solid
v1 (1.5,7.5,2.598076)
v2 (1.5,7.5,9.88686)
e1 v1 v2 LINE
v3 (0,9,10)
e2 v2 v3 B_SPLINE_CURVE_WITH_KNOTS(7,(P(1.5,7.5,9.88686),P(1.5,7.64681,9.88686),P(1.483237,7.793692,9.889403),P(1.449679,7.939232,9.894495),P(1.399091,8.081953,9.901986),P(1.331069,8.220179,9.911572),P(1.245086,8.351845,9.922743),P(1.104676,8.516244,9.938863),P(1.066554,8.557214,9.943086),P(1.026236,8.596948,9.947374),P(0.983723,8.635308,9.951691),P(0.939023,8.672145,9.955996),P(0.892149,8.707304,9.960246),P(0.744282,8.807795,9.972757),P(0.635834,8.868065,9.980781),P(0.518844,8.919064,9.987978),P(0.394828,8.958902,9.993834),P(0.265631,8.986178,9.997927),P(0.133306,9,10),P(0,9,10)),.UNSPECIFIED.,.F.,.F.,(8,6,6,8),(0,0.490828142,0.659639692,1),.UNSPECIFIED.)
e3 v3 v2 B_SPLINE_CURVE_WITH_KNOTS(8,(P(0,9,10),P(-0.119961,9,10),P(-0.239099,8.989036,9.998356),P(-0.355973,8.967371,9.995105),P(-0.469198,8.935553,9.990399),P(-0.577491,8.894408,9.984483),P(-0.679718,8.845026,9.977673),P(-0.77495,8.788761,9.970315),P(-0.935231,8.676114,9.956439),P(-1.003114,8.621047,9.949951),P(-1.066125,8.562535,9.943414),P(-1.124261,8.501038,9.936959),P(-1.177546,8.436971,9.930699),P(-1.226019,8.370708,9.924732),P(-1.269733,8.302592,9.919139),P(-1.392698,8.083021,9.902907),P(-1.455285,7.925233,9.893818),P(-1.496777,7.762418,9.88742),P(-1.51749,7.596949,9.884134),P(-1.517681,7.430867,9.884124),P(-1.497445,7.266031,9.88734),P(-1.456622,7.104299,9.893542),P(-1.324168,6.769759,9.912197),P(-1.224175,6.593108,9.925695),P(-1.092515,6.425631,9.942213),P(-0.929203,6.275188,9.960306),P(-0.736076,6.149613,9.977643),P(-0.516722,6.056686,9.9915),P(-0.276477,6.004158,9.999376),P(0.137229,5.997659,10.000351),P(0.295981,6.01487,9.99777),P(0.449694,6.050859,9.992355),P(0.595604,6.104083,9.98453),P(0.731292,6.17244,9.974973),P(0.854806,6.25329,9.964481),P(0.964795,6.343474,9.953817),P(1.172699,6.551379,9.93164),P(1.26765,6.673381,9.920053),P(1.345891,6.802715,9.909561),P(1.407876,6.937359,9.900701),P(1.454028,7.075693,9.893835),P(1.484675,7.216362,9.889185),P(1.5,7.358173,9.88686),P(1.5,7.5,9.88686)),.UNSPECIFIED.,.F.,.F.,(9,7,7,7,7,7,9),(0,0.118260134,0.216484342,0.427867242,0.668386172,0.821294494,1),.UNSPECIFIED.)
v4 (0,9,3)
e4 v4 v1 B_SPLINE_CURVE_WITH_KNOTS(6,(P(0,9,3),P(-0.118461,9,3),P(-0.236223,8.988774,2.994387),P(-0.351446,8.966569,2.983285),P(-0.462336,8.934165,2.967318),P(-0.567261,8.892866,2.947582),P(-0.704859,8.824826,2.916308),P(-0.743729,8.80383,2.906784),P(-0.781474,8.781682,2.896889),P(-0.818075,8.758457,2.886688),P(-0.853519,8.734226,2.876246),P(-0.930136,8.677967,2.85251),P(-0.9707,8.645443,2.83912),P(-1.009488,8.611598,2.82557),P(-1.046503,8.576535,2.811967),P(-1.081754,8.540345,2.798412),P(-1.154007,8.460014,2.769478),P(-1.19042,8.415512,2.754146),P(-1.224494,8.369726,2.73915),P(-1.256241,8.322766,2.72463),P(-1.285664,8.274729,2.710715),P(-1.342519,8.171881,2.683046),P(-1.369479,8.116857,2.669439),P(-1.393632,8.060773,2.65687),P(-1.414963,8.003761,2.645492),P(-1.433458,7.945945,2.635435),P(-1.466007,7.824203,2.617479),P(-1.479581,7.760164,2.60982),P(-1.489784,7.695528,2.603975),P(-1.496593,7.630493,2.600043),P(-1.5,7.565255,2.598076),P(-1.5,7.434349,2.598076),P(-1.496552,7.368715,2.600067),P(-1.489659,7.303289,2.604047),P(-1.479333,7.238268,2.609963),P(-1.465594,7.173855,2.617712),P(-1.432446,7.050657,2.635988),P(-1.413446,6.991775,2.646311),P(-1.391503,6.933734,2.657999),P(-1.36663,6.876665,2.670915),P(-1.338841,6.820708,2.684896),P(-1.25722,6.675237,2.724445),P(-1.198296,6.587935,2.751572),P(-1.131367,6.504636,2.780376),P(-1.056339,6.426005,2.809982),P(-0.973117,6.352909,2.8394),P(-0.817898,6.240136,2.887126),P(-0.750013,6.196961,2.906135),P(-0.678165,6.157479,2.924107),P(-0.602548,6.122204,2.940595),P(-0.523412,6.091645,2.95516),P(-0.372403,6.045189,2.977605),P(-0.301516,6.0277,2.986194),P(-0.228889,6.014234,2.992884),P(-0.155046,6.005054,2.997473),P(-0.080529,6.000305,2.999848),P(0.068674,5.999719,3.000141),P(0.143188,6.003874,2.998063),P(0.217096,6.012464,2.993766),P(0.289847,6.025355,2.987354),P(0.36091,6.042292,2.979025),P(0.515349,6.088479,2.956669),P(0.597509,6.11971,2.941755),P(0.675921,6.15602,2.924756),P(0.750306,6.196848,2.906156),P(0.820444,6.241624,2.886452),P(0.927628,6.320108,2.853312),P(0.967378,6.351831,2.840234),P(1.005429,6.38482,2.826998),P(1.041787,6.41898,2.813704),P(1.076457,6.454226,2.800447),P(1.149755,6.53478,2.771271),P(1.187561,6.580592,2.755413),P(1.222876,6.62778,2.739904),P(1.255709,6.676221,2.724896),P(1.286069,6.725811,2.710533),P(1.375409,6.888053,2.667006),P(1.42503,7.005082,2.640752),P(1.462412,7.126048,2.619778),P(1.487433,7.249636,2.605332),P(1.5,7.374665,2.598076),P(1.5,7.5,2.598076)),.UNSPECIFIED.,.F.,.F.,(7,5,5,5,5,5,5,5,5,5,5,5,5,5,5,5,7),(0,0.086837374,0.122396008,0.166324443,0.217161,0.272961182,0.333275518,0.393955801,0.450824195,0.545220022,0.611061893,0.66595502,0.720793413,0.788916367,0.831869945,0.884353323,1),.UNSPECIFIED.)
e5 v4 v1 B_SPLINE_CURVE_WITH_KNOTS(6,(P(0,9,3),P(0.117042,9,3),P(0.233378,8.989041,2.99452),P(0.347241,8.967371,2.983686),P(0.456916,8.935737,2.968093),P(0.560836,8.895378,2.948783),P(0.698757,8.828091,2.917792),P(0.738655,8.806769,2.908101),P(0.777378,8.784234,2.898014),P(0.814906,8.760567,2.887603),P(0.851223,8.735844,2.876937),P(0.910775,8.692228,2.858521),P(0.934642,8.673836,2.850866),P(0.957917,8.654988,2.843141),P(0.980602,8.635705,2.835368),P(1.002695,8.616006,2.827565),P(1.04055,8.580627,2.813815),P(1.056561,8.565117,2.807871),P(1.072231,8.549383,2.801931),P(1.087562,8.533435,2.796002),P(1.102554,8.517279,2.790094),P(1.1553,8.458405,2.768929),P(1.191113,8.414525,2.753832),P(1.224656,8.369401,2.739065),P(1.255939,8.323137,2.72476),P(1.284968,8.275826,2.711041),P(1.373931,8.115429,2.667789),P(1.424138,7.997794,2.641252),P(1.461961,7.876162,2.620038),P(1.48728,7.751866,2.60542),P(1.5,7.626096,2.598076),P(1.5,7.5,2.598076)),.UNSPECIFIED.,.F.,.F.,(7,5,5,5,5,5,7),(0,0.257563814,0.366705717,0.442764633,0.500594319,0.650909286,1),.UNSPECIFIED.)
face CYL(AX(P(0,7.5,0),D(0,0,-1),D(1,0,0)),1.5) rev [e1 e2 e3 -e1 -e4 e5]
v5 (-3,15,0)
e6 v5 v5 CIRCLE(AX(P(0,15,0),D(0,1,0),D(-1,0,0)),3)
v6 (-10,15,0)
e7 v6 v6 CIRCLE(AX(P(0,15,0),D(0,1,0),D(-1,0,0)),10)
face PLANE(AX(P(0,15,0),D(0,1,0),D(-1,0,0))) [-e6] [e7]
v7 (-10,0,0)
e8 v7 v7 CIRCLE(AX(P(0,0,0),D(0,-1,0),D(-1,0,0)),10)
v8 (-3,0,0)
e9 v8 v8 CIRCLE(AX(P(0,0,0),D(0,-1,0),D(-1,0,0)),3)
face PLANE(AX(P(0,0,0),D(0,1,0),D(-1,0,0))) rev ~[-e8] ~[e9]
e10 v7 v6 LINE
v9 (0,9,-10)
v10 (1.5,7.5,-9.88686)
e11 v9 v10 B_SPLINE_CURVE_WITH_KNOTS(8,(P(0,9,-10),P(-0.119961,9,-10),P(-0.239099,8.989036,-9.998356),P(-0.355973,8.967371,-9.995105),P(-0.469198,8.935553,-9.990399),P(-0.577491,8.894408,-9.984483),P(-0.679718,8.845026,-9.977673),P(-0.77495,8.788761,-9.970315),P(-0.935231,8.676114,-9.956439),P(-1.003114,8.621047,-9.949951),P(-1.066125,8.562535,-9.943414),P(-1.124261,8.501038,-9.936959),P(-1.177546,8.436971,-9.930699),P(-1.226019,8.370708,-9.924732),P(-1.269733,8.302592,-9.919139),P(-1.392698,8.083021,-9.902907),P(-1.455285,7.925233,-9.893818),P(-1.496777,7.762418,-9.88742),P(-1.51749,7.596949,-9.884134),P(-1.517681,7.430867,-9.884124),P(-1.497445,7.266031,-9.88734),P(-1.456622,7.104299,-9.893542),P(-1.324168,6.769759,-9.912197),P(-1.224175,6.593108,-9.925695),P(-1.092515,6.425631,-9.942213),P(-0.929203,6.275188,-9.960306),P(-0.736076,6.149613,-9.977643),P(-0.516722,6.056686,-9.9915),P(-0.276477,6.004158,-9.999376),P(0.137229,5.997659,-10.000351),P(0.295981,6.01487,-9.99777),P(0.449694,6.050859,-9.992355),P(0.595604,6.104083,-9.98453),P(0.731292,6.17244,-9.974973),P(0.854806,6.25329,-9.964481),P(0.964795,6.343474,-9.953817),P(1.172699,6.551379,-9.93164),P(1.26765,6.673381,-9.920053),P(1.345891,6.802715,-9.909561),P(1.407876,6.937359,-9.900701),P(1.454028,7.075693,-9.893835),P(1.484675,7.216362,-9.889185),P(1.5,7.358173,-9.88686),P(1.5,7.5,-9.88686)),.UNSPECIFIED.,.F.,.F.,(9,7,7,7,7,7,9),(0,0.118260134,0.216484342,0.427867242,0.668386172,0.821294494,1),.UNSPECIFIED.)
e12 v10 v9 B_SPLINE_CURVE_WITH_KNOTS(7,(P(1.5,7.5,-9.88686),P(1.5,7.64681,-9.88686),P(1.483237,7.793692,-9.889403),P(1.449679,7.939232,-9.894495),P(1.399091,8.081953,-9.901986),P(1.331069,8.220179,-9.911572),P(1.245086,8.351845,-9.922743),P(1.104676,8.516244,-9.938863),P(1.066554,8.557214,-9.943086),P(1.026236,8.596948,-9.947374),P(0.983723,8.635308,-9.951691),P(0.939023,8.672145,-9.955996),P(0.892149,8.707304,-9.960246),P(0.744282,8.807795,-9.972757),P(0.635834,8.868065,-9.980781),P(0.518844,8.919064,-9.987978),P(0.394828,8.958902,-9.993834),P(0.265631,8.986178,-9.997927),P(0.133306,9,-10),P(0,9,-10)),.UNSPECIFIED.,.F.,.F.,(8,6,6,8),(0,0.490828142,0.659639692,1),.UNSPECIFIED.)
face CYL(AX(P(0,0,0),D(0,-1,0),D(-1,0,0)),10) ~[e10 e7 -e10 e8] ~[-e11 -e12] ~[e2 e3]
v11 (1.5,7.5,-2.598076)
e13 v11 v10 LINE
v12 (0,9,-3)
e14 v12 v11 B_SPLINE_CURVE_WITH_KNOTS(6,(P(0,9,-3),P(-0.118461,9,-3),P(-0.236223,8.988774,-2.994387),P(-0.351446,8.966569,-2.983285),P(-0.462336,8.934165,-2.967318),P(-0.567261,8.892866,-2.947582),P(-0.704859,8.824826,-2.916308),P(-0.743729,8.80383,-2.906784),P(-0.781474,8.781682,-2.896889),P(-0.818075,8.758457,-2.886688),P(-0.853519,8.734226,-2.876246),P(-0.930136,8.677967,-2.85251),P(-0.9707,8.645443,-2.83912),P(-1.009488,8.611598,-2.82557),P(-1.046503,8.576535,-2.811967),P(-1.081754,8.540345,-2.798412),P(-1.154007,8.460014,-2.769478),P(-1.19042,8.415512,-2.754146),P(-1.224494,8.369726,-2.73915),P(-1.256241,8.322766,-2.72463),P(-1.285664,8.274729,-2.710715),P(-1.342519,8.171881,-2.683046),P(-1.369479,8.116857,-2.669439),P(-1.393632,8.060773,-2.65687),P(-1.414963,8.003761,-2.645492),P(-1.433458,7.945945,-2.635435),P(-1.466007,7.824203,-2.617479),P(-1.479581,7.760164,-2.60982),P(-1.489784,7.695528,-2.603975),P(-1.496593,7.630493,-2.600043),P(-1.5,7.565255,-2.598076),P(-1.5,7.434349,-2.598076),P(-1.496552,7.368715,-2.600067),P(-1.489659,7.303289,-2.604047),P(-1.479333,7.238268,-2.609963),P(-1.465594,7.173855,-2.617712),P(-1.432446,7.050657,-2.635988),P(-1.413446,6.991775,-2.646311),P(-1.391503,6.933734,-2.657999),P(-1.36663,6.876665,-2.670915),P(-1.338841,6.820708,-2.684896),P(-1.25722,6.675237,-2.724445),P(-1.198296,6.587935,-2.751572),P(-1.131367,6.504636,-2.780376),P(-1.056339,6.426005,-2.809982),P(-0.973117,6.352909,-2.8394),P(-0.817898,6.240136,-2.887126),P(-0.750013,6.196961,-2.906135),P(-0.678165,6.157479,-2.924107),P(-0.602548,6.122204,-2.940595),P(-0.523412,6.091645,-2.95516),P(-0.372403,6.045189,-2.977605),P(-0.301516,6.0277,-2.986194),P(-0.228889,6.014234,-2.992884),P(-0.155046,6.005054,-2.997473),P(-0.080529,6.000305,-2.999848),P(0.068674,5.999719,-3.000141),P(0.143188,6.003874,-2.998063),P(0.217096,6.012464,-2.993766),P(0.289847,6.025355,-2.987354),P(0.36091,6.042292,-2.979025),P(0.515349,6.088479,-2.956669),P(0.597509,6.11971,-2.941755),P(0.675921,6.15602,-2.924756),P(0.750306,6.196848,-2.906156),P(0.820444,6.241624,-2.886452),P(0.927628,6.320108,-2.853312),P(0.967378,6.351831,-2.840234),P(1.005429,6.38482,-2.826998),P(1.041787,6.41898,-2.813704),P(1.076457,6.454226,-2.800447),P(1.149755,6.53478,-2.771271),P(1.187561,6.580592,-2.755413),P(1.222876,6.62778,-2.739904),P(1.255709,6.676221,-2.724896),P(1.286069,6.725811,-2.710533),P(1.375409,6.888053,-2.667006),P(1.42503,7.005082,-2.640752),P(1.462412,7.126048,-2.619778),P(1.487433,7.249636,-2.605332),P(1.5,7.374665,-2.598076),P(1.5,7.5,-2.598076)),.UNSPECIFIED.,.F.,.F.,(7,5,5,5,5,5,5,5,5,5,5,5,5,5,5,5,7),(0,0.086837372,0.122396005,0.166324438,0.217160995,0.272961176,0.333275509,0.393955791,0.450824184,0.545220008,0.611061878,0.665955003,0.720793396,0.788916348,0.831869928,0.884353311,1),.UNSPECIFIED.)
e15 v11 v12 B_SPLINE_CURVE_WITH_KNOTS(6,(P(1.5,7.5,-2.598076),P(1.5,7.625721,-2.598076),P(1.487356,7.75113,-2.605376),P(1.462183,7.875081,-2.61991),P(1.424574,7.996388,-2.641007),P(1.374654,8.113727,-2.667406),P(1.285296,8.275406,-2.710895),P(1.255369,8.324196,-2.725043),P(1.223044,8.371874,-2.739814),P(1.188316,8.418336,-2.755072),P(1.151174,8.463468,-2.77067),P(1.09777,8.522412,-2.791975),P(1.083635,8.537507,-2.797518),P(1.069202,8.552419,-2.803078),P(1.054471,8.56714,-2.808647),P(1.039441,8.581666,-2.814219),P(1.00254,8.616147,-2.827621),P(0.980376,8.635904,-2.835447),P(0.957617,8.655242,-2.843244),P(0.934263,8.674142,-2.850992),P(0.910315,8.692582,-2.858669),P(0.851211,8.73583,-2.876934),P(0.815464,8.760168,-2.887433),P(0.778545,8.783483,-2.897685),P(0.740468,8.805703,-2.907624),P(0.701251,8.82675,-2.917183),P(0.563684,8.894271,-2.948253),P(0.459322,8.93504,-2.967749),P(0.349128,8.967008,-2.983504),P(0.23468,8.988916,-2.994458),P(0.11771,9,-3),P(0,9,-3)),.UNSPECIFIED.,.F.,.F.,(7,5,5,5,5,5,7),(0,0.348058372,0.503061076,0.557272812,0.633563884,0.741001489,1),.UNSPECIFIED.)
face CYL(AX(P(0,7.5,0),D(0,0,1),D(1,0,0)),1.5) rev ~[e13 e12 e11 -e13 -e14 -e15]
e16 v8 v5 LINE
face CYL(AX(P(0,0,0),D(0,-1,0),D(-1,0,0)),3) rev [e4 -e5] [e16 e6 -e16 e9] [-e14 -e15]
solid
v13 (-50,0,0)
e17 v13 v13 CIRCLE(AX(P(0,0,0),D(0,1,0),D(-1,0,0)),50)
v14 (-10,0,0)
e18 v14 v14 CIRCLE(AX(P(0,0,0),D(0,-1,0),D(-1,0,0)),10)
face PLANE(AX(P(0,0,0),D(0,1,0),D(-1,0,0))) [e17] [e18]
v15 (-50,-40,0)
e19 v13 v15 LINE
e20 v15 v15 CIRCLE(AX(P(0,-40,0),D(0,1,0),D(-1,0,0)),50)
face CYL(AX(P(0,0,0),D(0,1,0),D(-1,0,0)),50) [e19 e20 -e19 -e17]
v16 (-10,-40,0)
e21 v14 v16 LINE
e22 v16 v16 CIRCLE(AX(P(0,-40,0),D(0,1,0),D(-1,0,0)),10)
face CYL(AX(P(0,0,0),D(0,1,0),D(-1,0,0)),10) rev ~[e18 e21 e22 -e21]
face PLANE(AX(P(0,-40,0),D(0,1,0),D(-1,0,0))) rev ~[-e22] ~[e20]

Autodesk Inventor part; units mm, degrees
ref_plane "YZ Plane" through (0, 0, 0) normal (1, 0, 0) x (0, 1, 0)
ref_plane "XZ Plane" through (0, 0, 0) normal (0, 1, 0) x (-1, 0, 0)
sketch "Sketch1" plane through (0, 0, 0) normal (0, 1, 0) x (-1, 0, 0)
  circle A0 centre (0, 0) radius 50
  circle A1 centre (0, 0) radius 10
  circle A2 centre (0, 0) radius 3
  line L0 (10, 0) -> (-10, 0)
  dimension "d0" = 100
  dimension "d1" = 20
  dimension "d2" = 6
extrude "Extrusion1" add sketch "Sketch1" against normal blind 40
extrude "Extrusion2" add sketch "Sketch1" along normal blind 15 contours L0 A2 A1 | A1 L0 A2
ref_plane "Work Plane1" through (-10, 0, 0) normal (0, 0, 1) x (1, 0, 0)
sketch "Sketch2" plane through (-10, 0, 0) normal (0, 0, 1) x (1, 0, 0)
  line L0 (20, 15) -> (0, 15) projected
  line L1 (10, 15) -> (10, 7.5)
  circle A0 centre (10, 7.5) radius 1.5
  point P0 (10, 0)
  dimension "d8" = 7.5
  dimension "d9" = 3
extrude "Extrusion3" cut sketch "Sketch2" along normal mid plane 30
properties part number "omni_wheel"
